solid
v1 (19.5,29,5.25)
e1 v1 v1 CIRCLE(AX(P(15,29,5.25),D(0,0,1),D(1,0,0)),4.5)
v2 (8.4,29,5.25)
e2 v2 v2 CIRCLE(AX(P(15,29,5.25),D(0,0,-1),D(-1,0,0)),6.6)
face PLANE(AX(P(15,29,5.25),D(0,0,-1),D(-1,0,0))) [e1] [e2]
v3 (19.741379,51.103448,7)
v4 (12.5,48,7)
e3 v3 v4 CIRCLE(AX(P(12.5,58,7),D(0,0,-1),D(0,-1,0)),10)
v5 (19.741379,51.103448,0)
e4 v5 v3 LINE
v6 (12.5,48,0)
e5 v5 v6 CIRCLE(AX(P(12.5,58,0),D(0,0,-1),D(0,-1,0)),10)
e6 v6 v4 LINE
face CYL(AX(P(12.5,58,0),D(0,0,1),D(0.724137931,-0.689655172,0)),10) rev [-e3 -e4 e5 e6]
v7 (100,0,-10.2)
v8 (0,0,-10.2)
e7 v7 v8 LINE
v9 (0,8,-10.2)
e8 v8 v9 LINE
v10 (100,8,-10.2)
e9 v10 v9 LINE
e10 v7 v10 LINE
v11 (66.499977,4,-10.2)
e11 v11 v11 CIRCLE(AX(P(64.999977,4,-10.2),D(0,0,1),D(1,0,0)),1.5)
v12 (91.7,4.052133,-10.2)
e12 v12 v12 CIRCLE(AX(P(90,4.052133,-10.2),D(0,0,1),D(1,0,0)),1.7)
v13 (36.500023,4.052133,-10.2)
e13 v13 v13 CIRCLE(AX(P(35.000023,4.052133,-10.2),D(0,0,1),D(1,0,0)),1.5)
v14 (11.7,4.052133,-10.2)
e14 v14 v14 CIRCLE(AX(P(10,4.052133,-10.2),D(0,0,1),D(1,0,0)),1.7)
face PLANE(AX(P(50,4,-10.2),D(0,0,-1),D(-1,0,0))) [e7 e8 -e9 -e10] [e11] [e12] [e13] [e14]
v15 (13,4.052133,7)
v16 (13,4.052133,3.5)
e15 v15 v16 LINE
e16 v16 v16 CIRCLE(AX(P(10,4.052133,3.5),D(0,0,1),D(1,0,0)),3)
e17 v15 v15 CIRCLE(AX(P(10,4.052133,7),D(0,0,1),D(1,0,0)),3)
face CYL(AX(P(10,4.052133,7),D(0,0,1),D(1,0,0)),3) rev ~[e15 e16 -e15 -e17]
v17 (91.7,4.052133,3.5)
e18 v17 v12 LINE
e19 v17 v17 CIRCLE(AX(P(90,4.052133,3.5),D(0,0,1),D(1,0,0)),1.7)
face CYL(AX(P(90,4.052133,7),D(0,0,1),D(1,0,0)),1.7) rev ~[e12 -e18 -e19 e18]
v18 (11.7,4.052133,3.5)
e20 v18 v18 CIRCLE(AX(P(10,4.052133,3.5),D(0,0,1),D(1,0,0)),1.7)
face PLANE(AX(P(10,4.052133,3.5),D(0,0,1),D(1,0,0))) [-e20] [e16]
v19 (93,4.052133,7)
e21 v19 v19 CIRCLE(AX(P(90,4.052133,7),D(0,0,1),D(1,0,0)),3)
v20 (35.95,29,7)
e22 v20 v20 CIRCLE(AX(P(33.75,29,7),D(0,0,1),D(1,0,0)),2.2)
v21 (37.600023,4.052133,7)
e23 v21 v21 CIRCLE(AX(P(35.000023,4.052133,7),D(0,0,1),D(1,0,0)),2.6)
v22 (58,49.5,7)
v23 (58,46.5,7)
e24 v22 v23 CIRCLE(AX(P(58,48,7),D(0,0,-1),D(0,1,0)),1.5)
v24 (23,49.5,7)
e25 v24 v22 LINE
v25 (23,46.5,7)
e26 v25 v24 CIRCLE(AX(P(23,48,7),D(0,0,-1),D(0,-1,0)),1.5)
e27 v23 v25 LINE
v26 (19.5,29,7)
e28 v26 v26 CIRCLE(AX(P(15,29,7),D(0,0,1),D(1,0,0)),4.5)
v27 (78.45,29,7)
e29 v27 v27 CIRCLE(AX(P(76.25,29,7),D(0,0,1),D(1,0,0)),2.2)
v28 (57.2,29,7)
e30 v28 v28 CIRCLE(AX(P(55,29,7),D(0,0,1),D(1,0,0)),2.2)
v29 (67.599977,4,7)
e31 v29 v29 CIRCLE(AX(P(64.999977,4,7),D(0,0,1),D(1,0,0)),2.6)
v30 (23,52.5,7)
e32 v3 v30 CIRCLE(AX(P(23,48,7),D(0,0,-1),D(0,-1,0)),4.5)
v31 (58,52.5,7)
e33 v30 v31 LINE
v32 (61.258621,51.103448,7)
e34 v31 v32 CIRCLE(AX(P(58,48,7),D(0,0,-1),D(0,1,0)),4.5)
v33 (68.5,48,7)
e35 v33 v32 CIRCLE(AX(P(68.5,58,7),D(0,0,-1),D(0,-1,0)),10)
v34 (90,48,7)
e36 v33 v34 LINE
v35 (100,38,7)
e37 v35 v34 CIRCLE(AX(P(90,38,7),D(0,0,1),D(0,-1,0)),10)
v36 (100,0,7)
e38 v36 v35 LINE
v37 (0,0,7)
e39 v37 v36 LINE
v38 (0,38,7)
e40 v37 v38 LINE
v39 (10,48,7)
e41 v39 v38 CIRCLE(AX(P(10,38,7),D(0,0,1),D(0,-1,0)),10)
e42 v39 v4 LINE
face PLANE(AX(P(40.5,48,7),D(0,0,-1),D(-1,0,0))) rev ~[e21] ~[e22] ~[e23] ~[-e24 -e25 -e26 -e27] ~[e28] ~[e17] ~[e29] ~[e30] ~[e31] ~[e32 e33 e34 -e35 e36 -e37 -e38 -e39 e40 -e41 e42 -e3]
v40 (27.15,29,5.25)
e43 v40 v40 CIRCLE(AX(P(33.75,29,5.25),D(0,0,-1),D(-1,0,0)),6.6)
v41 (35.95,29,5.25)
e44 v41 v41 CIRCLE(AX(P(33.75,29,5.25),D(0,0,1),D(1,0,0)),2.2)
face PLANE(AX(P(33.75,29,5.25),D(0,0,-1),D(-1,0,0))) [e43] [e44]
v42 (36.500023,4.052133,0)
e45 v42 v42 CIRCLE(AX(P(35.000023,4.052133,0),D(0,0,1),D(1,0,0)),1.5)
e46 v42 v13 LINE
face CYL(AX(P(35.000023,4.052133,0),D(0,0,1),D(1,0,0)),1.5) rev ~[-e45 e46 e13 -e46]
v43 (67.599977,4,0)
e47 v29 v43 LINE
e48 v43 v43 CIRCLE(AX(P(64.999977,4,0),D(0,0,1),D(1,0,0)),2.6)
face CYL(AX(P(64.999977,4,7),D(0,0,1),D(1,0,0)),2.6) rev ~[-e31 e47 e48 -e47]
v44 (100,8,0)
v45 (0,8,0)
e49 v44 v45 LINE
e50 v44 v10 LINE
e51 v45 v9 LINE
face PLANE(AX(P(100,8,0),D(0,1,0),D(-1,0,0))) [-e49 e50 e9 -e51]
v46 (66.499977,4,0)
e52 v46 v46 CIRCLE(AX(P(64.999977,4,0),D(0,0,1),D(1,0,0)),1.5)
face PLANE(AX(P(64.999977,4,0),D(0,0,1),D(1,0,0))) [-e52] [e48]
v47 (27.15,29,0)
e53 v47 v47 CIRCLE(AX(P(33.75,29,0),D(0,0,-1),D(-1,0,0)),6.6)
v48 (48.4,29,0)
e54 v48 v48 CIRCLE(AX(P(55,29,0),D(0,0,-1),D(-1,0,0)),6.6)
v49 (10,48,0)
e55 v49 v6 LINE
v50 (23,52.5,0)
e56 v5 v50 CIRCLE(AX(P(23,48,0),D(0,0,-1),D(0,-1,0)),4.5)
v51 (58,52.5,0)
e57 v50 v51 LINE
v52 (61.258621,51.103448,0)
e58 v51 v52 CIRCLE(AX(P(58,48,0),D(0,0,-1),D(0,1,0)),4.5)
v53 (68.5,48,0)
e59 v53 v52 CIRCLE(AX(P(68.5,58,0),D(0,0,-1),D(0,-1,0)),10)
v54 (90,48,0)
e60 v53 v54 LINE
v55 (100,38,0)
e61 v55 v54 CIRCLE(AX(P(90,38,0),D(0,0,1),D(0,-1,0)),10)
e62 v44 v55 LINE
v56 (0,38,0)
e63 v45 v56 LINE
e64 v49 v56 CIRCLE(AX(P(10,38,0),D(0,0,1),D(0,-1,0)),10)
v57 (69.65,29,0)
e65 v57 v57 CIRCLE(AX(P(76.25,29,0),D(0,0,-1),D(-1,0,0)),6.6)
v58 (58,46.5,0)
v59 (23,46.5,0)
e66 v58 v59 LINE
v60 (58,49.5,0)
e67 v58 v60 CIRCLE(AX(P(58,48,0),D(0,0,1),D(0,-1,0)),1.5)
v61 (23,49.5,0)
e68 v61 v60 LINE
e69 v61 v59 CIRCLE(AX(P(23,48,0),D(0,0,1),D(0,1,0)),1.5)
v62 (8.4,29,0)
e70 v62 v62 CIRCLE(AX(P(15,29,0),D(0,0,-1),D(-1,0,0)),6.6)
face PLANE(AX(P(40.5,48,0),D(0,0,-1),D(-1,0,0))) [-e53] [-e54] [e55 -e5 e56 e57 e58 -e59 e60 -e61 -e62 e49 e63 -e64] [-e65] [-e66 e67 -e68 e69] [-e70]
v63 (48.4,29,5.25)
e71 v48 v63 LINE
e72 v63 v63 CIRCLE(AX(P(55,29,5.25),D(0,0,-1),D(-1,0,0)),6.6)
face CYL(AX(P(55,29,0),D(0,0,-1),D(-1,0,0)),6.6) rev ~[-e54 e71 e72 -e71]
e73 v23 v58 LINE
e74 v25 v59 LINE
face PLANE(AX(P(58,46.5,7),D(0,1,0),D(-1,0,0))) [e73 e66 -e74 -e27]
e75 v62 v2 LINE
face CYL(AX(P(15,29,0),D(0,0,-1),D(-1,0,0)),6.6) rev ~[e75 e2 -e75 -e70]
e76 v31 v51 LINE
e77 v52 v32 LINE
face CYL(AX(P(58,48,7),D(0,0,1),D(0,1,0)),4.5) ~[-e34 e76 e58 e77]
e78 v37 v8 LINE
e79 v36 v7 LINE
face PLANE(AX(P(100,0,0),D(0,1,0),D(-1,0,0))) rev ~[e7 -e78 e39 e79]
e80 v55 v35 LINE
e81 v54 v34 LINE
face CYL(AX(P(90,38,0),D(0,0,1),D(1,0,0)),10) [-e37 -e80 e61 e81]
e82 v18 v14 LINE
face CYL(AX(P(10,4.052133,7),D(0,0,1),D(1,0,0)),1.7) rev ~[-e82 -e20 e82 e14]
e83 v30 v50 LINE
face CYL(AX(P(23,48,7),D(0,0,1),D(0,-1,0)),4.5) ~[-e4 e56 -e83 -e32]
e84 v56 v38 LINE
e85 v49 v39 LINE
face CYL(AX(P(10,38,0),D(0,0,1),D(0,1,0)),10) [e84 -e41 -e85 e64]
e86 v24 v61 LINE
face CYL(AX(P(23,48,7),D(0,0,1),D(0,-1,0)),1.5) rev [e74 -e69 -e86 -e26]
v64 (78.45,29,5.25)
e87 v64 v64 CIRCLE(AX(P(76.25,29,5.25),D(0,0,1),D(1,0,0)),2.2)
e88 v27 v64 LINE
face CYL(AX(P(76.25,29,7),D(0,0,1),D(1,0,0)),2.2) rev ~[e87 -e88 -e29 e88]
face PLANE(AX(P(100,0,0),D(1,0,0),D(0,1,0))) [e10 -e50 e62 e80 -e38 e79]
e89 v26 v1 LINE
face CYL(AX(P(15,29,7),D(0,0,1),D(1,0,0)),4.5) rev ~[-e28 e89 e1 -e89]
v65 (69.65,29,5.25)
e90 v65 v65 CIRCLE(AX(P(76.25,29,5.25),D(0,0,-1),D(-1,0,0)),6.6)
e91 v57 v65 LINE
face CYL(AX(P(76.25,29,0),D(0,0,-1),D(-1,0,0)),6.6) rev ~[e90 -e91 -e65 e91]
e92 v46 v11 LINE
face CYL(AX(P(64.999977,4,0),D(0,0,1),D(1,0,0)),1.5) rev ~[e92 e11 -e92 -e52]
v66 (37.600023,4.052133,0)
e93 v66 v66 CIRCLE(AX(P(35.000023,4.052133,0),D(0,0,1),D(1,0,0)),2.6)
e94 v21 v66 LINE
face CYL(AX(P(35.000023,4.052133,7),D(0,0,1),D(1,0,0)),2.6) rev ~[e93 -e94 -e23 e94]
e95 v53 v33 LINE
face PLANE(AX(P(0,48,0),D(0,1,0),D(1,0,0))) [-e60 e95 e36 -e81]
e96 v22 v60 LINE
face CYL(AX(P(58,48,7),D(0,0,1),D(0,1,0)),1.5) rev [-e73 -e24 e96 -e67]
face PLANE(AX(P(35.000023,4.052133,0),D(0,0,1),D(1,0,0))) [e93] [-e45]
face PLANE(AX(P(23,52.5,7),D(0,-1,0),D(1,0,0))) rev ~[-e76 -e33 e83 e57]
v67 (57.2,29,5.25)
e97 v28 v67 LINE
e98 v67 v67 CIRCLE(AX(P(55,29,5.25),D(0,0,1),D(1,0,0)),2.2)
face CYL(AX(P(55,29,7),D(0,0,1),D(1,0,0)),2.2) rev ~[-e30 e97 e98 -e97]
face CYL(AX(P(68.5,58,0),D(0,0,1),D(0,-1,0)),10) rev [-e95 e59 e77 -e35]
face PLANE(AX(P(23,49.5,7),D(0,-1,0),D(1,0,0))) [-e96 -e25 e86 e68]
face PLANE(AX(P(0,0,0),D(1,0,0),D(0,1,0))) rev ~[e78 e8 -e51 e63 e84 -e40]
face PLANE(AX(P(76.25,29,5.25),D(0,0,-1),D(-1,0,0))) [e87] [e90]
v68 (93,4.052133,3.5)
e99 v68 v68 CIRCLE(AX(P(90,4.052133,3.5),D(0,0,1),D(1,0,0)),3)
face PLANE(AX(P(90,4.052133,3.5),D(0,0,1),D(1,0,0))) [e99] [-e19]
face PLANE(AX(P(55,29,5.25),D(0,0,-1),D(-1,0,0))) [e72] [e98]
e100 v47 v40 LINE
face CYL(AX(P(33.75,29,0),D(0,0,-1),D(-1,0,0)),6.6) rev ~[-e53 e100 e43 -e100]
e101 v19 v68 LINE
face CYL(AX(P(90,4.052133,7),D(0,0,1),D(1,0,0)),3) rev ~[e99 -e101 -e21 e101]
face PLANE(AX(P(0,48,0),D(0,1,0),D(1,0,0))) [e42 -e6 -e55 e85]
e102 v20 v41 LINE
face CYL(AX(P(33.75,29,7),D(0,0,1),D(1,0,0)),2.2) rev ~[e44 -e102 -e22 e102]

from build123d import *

# Parameters (mm, degrees)
SKETCH1_W           = 100
SKETCH1_H           = 48
BOSS_EXTRUDE1_DEPTH = 7
CUT_EXTRUDE1_REACH  = 113.144
SKETCH2_R           = 4.5
SKETCH2_R_2         = 2.2
SKETCH3_W           = 100
SKETCH3_H           = 8
BOSS_EXTRUDE2_DEPTH = 10.2
SKETCH4_R           = 6.6
CUT_EXTRUDE2_DEPTH  = 5.25
SKETCH5_R           = 2.6
CUT_EXTRUDE3_DEPTH  = 7
SKETCH7_R           = 1.5
CUT_EXTRUDE4_DEPTH  = 112.391382072
CUT_EXTRUDE5_REACH  = 114.249
SKETCH8_R           = 1.7
SKETCH9_R           = 3
CUT_EXTRUDE6_DEPTH  = 3.5
BOSS_EXTRUDE3_DEPTH = 7
CUT_EXTRUDE7_REACH  = 116.246
FILLET1_R           = 10
FILLET2_R           = 10


with BuildPart() as part:
    # Sketch1 → Boss-Extrude1 (new body)
    with BuildSketch(Plane.XY):
        with Locations((50, 24)):
            Rectangle(SKETCH1_W, SKETCH1_H)
    extrude(amount=BOSS_EXTRUDE1_DEPTH)

    # Sketch2 → Cut-Extrude1 (cut, up to next)
    with BuildSketch(Plane.XY.offset(7), mode=Mode.PRIVATE) as cut_extrude1_sk1:
        with Locations((15, 29)):
            Circle(SKETCH2_R)
    cut_extrude1_tool1 = extrude(cut_extrude1_sk1.sketch, amount=-CUT_EXTRUDE1_REACH, mode=Mode.PRIVATE) & part.part
    # Sketch2 → Cut-Extrude1 (cut, up to next)
    with BuildSketch(Plane.XY.offset(7), mode=Mode.PRIVATE) as cut_extrude1_sk2:
        with Locations((33.75, 29)):
            Circle(SKETCH2_R_2)
    cut_extrude1_tool2 = extrude(cut_extrude1_sk2.sketch, amount=-CUT_EXTRUDE1_REACH, mode=Mode.PRIVATE) & part.part
    # Sketch2 → Cut-Extrude1 (cut, up to next)
    with BuildSketch(Plane.XY.offset(7), mode=Mode.PRIVATE) as cut_extrude1_sk3:
        with Locations((55, 29)):
            Circle(SKETCH2_R_2)
    cut_extrude1_tool3 = extrude(cut_extrude1_sk3.sketch, amount=-CUT_EXTRUDE1_REACH, mode=Mode.PRIVATE) & part.part
    # Sketch2 → Cut-Extrude1 (cut, up to next)
    with BuildSketch(Plane.XY.offset(7), mode=Mode.PRIVATE) as cut_extrude1_sk4:
        with Locations((76.25, 29)):
            Circle(SKETCH2_R_2)
    cut_extrude1_tool4 = extrude(cut_extrude1_sk4.sketch, amount=-CUT_EXTRUDE1_REACH, mode=Mode.PRIVATE) & part.part
    add(cut_extrude1_tool1.solids().sort_by_distance((15, 29, 7))[0], mode=Mode.SUBTRACT)
    add(cut_extrude1_tool2.solids().sort_by_distance((33.75, 29, 7))[0], mode=Mode.SUBTRACT)
    add(cut_extrude1_tool3.solids().sort_by_distance((55, 29, 7))[0], mode=Mode.SUBTRACT)
    add(cut_extrude1_tool4.solids().sort_by_distance((76.25, 29, 7))[0], mode=Mode.SUBTRACT)

    # Sketch3 → Boss-Extrude2 (add)
    with BuildSketch(Plane(origin=(0, 0, 0), x_dir=(-1, 0, 0), z_dir=(0, 0, -1))):
        with Locations((-50, 4)):
            Rectangle(SKETCH3_W, SKETCH3_H)
    extrude(amount=BOSS_EXTRUDE2_DEPTH)

    # Sketch4 → Cut-Extrude2 (cut)
    with BuildSketch(Plane(origin=(0, 0, 0), x_dir=(-1, 0, 0), z_dir=(0, 0, -1))):
        with Locations((-76.25, 29)):
            Circle(SKETCH4_R)
        with Locations((-55, 29)):
            Circle(SKETCH4_R)
        with Locations((-33.75, 29)):
            Circle(SKETCH4_R)
        with Locations((-15, 29)):
            Circle(SKETCH4_R)
    extrude(amount=-CUT_EXTRUDE2_DEPTH, mode=Mode.SUBTRACT)

    # Sketch5 → Cut-Extrude3 (cut)
    with BuildSketch(Plane.XY.offset(7)):
        with Locations((35.000022648, 4.052132501)):
            Circle(SKETCH5_R)
        with Locations((64.999977352, 4)):
            Circle(SKETCH5_R)
    extrude(amount=-CUT_EXTRUDE3_DEPTH, mode=Mode.SUBTRACT)

    # Sketch7 → Cut-Extrude4 (cut, through all)
    with BuildSketch(Plane.XY):
        with Locations((35.000022648, 4.052132501)):
            Circle(SKETCH7_R)
        with Locations((64.999977352, 4)):
            Circle(SKETCH7_R)
    extrude(amount=-CUT_EXTRUDE4_DEPTH, mode=Mode.SUBTRACT)

    # Sketch8 → Cut-Extrude5 (cut, up to next)
    with BuildSketch(Plane.XY.offset(7), mode=Mode.PRIVATE) as cut_extrude5_sk1:
        with Locations((10, 4.052132501)):
            Circle(SKETCH8_R)
    cut_extrude5_tool1 = extrude(cut_extrude5_sk1.sketch, amount=-CUT_EXTRUDE5_REACH, mode=Mode.PRIVATE) & part.part
    # Sketch8 → Cut-Extrude5 (cut, up to next)
    with BuildSketch(Plane.XY.offset(7), mode=Mode.PRIVATE) as cut_extrude5_sk2:
        with Locations((90, 4.052132501)):
            Circle(SKETCH8_R)
    cut_extrude5_tool2 = extrude(cut_extrude5_sk2.sketch, amount=-CUT_EXTRUDE5_REACH, mode=Mode.PRIVATE) & part.part
    add(cut_extrude5_tool1.solids().sort_by_distance((10, 4.052133, 7))[0], mode=Mode.SUBTRACT)
    add(cut_extrude5_tool2.solids().sort_by_distance((90, 4.052133, 7))[0], mode=Mode.SUBTRACT)

    # Sketch9 → Cut-Extrude6 (cut)
    with BuildSketch(Plane.XY.offset(7)):
        with Locations((10, 4.052132501)):
            Circle(SKETCH9_R)
        with Locations((90, 4.052132501)):
            Circle(SKETCH9_R)
    extrude(amount=-CUT_EXTRUDE6_DEPTH, mode=Mode.SUBTRACT)

    # Sketch10 → Boss-Extrude3 (add)
    with BuildSketch(Plane.XY.offset(7)):
        with BuildLine():
            Line((23, 52.5), (58, 52.5))
            ThreePointArc((58, 52.5), (62.5, 48), (58, 43.5))
            Line((58, 43.5), (23, 43.5))
            ThreePointArc((23, 43.5), (18.5, 48), (23, 52.5))
        make_face()
        with BuildLine():
            Line((23, 49.5), (58, 49.5))
            ThreePointArc((58, 49.5), (59.5, 48), (58, 46.5))
            Line((58, 46.5), (23, 46.5))
            ThreePointArc((23, 46.5), (21.5, 48), (23, 49.5))
        make_face(mode=Mode.SUBTRACT)
    extrude(amount=-BOSS_EXTRUDE3_DEPTH)

    # Sketch11 → Cut-Extrude7 (cut, up to next)
    with BuildSketch(Plane.XY.offset(7), mode=Mode.PRIVATE) as cut_extrude7_sk1:
        with BuildLine():
            Line((23, 49.5), (58, 49.5))
            ThreePointArc((58, 49.5), (59.5, 48), (58, 46.5))
            Line((58, 46.5), (23, 46.5))
            ThreePointArc((23, 46.5), (21.5, 48), (23, 49.5))
        make_face()
    cut_extrude7_tool1 = extrude(cut_extrude7_sk1.sketch, amount=-CUT_EXTRUDE7_REACH, mode=Mode.PRIVATE) & part.part
    add(cut_extrude7_tool1.solids().sort_by_distance((40.5, 48, 7))[0], mode=Mode.SUBTRACT)

    # Fillet1
    fillet1_edges = [part.edges().sort_by_distance(p)[0] for p in [
        (0, 48, 3.5),
        (100, 48, 3.5),
    ]]
    fillet(fillet1_edges, radius=FILLET1_R)

    # Fillet2
    fillet2_edges = [part.edges().sort_by_distance(p)[0] for p in [
        (18.5, 48, 3.5),
        (62.5, 48, 3.5),
    ]]
    fillet(fillet2_edges, radius=FILLET2_R)


solid = part.part
